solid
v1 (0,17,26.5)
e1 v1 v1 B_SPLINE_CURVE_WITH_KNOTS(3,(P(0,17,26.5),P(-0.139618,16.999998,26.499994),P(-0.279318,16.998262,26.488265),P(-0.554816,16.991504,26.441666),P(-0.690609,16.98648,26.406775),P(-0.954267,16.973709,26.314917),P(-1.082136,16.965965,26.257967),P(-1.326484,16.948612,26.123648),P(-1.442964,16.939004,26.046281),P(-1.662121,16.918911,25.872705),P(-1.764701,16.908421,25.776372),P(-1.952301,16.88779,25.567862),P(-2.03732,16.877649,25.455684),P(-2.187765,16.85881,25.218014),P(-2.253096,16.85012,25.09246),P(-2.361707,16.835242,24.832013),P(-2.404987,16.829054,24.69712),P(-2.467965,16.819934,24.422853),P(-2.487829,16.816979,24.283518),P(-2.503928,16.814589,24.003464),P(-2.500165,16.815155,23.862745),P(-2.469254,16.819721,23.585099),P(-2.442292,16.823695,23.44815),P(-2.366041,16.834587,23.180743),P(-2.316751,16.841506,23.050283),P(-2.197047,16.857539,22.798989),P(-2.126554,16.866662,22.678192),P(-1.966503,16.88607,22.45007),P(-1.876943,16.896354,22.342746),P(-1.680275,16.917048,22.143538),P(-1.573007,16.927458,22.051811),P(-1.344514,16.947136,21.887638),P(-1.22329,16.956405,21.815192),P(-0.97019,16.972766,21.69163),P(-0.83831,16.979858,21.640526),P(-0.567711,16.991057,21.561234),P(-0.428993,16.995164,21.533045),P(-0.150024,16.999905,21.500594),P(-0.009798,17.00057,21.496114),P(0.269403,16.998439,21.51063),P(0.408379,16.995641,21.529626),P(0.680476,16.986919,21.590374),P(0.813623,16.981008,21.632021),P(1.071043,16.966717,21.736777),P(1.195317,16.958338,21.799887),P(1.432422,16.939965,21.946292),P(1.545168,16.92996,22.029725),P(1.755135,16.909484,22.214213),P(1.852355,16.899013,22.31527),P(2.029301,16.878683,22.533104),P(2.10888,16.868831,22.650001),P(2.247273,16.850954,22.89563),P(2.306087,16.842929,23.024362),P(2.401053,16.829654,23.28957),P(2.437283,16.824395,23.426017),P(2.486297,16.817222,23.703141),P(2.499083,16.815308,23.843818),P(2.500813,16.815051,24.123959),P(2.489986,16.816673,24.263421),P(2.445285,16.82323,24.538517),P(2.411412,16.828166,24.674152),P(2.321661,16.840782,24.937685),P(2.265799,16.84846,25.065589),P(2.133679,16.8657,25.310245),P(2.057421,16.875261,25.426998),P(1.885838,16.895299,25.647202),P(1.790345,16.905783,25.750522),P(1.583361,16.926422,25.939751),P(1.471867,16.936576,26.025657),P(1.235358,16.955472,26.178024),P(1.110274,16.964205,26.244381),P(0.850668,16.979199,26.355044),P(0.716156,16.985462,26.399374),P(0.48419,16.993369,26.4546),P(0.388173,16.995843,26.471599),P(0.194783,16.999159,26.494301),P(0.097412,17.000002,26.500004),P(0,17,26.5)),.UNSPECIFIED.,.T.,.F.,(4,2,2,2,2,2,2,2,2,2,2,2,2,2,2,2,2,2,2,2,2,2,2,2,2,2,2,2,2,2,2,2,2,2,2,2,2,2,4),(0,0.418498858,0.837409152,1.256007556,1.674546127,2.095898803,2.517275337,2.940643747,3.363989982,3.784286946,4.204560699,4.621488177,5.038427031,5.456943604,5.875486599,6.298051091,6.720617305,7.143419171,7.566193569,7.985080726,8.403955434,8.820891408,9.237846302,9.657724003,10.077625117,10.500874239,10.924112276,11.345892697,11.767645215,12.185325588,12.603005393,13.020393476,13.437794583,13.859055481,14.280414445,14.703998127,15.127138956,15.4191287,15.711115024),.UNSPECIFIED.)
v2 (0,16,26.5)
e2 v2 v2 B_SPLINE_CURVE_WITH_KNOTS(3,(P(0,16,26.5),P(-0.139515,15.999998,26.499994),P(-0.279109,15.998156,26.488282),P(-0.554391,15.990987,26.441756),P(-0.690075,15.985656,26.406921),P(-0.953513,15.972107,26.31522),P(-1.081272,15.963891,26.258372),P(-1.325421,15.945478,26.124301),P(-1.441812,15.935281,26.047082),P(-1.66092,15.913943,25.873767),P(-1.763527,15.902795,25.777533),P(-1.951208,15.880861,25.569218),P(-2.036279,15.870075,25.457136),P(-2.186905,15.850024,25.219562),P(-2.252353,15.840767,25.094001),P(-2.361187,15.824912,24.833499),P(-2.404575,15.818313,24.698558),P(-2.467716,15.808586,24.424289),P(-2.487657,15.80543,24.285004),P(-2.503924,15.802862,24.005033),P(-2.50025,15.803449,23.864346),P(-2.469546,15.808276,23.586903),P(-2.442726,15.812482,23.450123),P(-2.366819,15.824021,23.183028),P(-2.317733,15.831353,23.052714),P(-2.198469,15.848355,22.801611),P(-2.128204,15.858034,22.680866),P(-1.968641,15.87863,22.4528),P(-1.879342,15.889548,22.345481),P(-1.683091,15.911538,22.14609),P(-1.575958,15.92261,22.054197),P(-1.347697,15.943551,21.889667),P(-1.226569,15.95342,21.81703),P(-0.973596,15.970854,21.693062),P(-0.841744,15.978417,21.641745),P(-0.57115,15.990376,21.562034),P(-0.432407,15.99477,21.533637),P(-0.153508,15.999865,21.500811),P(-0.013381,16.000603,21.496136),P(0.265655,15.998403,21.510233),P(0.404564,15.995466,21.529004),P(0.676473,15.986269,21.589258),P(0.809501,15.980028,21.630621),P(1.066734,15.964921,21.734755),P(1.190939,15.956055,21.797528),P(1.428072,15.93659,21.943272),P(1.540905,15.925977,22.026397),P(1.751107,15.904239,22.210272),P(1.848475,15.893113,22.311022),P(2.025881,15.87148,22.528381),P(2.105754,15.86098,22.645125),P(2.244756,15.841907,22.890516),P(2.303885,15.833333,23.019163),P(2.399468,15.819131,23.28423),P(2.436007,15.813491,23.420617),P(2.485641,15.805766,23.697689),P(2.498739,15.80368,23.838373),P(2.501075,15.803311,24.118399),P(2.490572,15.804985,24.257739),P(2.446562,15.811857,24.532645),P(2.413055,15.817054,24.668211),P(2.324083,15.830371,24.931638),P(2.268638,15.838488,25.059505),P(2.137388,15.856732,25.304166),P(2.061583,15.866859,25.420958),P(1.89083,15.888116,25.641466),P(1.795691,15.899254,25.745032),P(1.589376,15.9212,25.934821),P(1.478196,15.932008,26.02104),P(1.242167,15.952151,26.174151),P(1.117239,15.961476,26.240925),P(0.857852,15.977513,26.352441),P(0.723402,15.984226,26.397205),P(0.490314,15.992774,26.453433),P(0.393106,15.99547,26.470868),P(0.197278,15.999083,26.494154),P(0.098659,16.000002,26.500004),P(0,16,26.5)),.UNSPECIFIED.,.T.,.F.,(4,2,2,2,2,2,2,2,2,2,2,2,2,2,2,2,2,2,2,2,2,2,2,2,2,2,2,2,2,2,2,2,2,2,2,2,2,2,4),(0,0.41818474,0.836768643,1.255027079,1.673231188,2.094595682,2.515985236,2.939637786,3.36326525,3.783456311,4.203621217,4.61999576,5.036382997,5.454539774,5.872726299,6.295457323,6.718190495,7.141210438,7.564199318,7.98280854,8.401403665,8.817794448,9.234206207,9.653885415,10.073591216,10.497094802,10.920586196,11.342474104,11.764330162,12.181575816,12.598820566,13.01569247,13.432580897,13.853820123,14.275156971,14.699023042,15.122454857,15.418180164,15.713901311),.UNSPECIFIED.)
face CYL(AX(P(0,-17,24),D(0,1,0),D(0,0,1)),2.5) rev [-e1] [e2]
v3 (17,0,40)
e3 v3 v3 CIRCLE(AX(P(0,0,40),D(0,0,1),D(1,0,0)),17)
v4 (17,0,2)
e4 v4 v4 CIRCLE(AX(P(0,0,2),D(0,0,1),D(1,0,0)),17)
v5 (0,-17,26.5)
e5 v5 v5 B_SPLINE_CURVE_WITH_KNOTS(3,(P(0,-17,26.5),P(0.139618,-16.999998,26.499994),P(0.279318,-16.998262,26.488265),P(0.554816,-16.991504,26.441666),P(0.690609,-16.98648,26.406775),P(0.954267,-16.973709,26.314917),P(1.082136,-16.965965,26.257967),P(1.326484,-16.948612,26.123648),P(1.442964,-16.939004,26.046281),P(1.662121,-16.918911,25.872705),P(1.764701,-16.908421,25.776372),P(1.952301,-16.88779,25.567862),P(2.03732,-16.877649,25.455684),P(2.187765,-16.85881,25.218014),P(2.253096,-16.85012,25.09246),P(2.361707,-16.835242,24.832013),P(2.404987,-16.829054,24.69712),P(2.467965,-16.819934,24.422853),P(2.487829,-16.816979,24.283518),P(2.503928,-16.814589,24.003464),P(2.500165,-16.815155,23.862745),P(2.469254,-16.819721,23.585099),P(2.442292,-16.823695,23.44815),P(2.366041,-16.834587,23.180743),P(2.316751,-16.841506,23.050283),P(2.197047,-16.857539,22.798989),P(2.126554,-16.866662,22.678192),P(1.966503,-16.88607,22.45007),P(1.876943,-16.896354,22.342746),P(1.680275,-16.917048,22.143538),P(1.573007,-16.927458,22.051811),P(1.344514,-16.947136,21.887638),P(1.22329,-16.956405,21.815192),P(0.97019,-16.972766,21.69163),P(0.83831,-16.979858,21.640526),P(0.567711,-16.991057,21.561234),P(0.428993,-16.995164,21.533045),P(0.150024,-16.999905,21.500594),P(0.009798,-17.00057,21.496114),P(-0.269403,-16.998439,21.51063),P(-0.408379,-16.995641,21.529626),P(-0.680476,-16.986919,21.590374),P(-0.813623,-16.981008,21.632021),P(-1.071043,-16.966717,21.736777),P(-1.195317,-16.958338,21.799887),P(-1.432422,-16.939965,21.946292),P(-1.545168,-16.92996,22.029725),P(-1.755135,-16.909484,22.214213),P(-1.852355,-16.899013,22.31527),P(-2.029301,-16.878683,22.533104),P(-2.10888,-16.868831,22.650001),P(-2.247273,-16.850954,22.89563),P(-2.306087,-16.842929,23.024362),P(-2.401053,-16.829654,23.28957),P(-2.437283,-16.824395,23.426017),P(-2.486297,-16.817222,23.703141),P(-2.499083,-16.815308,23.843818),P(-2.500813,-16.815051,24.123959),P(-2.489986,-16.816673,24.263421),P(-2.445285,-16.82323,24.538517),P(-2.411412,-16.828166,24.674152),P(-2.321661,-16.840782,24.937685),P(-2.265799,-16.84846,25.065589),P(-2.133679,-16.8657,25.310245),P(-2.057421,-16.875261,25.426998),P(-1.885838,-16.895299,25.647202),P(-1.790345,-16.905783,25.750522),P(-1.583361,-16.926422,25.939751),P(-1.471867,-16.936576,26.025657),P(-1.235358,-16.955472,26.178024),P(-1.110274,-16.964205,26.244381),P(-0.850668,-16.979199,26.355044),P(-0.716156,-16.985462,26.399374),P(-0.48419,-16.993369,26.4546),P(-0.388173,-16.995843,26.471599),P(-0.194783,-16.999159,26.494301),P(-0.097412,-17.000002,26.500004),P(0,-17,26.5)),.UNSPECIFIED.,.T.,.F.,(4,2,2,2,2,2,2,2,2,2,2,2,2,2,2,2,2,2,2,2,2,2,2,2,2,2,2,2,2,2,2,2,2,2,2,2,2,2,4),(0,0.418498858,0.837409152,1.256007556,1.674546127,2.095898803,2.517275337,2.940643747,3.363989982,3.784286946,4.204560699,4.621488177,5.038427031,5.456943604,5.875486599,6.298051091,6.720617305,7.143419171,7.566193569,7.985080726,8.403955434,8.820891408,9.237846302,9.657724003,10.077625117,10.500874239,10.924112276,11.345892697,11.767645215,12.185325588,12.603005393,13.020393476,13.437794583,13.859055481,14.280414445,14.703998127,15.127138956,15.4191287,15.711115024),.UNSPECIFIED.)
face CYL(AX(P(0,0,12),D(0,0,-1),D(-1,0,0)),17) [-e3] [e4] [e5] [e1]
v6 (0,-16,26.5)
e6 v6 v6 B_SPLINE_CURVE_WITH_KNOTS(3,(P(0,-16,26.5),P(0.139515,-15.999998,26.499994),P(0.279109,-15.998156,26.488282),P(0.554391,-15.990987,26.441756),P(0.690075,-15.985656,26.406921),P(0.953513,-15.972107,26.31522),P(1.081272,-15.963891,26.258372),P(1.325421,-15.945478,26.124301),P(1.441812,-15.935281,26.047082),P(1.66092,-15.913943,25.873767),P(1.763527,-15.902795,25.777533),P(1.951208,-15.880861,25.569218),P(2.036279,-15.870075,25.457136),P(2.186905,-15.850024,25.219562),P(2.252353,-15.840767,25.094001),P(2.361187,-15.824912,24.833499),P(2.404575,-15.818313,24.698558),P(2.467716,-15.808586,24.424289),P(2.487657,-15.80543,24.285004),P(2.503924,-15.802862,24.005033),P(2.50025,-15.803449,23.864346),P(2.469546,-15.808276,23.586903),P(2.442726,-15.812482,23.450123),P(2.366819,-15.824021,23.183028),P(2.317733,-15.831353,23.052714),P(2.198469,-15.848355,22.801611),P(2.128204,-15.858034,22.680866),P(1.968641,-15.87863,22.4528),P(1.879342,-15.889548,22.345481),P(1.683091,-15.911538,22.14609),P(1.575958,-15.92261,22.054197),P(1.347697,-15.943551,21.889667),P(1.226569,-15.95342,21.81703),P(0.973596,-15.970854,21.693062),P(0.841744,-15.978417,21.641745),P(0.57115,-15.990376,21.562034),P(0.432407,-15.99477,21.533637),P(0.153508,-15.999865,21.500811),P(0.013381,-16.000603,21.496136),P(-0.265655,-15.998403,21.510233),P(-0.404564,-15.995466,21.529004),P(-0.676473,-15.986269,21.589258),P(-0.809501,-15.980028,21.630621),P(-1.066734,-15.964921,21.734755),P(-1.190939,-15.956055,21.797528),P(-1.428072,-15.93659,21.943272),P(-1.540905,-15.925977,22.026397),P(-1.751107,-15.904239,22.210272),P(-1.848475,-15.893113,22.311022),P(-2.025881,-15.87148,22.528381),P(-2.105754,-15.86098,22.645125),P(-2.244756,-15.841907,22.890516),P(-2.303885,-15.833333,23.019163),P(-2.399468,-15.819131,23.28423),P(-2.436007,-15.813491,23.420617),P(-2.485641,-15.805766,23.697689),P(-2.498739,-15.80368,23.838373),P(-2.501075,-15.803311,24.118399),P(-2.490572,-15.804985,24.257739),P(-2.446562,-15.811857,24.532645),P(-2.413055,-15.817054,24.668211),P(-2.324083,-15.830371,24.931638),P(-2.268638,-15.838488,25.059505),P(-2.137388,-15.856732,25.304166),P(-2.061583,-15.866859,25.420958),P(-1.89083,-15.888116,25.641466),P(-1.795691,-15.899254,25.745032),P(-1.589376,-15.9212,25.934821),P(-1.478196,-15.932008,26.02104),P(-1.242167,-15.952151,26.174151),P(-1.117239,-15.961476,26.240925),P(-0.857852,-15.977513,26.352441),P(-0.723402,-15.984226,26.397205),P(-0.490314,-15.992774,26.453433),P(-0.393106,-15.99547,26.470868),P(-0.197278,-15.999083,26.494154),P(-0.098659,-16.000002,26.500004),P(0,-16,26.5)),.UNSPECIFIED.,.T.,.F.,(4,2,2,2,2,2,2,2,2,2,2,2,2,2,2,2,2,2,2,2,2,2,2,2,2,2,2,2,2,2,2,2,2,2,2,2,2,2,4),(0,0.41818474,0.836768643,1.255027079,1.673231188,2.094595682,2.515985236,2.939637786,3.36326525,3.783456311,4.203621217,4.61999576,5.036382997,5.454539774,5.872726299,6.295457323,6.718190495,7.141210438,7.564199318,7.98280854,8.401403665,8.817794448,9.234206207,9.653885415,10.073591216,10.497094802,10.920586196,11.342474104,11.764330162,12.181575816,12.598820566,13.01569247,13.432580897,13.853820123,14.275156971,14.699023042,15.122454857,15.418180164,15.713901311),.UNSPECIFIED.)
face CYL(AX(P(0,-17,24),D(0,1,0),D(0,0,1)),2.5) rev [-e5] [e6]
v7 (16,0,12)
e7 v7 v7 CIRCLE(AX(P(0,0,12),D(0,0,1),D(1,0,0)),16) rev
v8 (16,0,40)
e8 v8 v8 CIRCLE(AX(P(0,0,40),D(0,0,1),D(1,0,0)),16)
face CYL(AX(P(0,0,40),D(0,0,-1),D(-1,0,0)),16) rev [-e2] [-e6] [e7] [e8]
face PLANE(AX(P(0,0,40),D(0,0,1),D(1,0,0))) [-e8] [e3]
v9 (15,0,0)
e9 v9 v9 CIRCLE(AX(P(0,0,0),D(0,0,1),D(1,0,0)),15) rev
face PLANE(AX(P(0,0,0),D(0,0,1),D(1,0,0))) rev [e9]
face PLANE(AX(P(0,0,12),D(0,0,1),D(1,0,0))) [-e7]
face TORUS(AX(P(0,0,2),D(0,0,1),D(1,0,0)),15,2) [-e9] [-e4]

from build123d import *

# Parameters (mm, degrees)
SKETCH1_R               = 17
BOSS_EXTRUDE1_DEPTH     = 12
SKETCH2_R               = 17
SKETCH2_R_2             = 16
BOSS_EXTRUDE2_DEPTH     = 28
CUT_EXTRUDE1_DEPTH      = 47.669047558
CUT_EXTRUDE1_DEPTH_BACK = 47.669047558
SKETCH3_R               = 2.5
FILLET1_R               = 2


with BuildPart() as part:
    # Sketch1 → Boss-Extrude1 (new body)
    with BuildSketch(Plane.XY):
        Circle(SKETCH1_R)
    extrude(amount=BOSS_EXTRUDE1_DEPTH)

    # Sketch2 → Boss-Extrude2 (add)
    with BuildSketch(Plane.XY.offset(12)):
        Circle(SKETCH2_R)
        Circle(SKETCH2_R_2, mode=Mode.SUBTRACT)
    extrude(amount=BOSS_EXTRUDE2_DEPTH)

    # Sketch3 → Cut-Extrude1 (cut, two sides: drawn at the far end of the back side and taken through both)
    with BuildSketch(Plane(origin=(0, 0, 0), x_dir=(1, 0, 0), z_dir=(0, 1, 0)).offset(-CUT_EXTRUDE1_DEPTH_BACK)):
        with Locations(Location((0, -24, 0), (0, 0, 270))):
            Circle(SKETCH3_R)
    extrude(amount=CUT_EXTRUDE1_DEPTH + CUT_EXTRUDE1_DEPTH_BACK, mode=Mode.SUBTRACT)

    # Fillet1
    fillet1_edges = [part.edges().sort_by_distance(p)[0] for p in [
        (-17, 0, 0),
    ]]
    fillet(fillet1_edges, radius=FILLET1_R)


solid = part.part
